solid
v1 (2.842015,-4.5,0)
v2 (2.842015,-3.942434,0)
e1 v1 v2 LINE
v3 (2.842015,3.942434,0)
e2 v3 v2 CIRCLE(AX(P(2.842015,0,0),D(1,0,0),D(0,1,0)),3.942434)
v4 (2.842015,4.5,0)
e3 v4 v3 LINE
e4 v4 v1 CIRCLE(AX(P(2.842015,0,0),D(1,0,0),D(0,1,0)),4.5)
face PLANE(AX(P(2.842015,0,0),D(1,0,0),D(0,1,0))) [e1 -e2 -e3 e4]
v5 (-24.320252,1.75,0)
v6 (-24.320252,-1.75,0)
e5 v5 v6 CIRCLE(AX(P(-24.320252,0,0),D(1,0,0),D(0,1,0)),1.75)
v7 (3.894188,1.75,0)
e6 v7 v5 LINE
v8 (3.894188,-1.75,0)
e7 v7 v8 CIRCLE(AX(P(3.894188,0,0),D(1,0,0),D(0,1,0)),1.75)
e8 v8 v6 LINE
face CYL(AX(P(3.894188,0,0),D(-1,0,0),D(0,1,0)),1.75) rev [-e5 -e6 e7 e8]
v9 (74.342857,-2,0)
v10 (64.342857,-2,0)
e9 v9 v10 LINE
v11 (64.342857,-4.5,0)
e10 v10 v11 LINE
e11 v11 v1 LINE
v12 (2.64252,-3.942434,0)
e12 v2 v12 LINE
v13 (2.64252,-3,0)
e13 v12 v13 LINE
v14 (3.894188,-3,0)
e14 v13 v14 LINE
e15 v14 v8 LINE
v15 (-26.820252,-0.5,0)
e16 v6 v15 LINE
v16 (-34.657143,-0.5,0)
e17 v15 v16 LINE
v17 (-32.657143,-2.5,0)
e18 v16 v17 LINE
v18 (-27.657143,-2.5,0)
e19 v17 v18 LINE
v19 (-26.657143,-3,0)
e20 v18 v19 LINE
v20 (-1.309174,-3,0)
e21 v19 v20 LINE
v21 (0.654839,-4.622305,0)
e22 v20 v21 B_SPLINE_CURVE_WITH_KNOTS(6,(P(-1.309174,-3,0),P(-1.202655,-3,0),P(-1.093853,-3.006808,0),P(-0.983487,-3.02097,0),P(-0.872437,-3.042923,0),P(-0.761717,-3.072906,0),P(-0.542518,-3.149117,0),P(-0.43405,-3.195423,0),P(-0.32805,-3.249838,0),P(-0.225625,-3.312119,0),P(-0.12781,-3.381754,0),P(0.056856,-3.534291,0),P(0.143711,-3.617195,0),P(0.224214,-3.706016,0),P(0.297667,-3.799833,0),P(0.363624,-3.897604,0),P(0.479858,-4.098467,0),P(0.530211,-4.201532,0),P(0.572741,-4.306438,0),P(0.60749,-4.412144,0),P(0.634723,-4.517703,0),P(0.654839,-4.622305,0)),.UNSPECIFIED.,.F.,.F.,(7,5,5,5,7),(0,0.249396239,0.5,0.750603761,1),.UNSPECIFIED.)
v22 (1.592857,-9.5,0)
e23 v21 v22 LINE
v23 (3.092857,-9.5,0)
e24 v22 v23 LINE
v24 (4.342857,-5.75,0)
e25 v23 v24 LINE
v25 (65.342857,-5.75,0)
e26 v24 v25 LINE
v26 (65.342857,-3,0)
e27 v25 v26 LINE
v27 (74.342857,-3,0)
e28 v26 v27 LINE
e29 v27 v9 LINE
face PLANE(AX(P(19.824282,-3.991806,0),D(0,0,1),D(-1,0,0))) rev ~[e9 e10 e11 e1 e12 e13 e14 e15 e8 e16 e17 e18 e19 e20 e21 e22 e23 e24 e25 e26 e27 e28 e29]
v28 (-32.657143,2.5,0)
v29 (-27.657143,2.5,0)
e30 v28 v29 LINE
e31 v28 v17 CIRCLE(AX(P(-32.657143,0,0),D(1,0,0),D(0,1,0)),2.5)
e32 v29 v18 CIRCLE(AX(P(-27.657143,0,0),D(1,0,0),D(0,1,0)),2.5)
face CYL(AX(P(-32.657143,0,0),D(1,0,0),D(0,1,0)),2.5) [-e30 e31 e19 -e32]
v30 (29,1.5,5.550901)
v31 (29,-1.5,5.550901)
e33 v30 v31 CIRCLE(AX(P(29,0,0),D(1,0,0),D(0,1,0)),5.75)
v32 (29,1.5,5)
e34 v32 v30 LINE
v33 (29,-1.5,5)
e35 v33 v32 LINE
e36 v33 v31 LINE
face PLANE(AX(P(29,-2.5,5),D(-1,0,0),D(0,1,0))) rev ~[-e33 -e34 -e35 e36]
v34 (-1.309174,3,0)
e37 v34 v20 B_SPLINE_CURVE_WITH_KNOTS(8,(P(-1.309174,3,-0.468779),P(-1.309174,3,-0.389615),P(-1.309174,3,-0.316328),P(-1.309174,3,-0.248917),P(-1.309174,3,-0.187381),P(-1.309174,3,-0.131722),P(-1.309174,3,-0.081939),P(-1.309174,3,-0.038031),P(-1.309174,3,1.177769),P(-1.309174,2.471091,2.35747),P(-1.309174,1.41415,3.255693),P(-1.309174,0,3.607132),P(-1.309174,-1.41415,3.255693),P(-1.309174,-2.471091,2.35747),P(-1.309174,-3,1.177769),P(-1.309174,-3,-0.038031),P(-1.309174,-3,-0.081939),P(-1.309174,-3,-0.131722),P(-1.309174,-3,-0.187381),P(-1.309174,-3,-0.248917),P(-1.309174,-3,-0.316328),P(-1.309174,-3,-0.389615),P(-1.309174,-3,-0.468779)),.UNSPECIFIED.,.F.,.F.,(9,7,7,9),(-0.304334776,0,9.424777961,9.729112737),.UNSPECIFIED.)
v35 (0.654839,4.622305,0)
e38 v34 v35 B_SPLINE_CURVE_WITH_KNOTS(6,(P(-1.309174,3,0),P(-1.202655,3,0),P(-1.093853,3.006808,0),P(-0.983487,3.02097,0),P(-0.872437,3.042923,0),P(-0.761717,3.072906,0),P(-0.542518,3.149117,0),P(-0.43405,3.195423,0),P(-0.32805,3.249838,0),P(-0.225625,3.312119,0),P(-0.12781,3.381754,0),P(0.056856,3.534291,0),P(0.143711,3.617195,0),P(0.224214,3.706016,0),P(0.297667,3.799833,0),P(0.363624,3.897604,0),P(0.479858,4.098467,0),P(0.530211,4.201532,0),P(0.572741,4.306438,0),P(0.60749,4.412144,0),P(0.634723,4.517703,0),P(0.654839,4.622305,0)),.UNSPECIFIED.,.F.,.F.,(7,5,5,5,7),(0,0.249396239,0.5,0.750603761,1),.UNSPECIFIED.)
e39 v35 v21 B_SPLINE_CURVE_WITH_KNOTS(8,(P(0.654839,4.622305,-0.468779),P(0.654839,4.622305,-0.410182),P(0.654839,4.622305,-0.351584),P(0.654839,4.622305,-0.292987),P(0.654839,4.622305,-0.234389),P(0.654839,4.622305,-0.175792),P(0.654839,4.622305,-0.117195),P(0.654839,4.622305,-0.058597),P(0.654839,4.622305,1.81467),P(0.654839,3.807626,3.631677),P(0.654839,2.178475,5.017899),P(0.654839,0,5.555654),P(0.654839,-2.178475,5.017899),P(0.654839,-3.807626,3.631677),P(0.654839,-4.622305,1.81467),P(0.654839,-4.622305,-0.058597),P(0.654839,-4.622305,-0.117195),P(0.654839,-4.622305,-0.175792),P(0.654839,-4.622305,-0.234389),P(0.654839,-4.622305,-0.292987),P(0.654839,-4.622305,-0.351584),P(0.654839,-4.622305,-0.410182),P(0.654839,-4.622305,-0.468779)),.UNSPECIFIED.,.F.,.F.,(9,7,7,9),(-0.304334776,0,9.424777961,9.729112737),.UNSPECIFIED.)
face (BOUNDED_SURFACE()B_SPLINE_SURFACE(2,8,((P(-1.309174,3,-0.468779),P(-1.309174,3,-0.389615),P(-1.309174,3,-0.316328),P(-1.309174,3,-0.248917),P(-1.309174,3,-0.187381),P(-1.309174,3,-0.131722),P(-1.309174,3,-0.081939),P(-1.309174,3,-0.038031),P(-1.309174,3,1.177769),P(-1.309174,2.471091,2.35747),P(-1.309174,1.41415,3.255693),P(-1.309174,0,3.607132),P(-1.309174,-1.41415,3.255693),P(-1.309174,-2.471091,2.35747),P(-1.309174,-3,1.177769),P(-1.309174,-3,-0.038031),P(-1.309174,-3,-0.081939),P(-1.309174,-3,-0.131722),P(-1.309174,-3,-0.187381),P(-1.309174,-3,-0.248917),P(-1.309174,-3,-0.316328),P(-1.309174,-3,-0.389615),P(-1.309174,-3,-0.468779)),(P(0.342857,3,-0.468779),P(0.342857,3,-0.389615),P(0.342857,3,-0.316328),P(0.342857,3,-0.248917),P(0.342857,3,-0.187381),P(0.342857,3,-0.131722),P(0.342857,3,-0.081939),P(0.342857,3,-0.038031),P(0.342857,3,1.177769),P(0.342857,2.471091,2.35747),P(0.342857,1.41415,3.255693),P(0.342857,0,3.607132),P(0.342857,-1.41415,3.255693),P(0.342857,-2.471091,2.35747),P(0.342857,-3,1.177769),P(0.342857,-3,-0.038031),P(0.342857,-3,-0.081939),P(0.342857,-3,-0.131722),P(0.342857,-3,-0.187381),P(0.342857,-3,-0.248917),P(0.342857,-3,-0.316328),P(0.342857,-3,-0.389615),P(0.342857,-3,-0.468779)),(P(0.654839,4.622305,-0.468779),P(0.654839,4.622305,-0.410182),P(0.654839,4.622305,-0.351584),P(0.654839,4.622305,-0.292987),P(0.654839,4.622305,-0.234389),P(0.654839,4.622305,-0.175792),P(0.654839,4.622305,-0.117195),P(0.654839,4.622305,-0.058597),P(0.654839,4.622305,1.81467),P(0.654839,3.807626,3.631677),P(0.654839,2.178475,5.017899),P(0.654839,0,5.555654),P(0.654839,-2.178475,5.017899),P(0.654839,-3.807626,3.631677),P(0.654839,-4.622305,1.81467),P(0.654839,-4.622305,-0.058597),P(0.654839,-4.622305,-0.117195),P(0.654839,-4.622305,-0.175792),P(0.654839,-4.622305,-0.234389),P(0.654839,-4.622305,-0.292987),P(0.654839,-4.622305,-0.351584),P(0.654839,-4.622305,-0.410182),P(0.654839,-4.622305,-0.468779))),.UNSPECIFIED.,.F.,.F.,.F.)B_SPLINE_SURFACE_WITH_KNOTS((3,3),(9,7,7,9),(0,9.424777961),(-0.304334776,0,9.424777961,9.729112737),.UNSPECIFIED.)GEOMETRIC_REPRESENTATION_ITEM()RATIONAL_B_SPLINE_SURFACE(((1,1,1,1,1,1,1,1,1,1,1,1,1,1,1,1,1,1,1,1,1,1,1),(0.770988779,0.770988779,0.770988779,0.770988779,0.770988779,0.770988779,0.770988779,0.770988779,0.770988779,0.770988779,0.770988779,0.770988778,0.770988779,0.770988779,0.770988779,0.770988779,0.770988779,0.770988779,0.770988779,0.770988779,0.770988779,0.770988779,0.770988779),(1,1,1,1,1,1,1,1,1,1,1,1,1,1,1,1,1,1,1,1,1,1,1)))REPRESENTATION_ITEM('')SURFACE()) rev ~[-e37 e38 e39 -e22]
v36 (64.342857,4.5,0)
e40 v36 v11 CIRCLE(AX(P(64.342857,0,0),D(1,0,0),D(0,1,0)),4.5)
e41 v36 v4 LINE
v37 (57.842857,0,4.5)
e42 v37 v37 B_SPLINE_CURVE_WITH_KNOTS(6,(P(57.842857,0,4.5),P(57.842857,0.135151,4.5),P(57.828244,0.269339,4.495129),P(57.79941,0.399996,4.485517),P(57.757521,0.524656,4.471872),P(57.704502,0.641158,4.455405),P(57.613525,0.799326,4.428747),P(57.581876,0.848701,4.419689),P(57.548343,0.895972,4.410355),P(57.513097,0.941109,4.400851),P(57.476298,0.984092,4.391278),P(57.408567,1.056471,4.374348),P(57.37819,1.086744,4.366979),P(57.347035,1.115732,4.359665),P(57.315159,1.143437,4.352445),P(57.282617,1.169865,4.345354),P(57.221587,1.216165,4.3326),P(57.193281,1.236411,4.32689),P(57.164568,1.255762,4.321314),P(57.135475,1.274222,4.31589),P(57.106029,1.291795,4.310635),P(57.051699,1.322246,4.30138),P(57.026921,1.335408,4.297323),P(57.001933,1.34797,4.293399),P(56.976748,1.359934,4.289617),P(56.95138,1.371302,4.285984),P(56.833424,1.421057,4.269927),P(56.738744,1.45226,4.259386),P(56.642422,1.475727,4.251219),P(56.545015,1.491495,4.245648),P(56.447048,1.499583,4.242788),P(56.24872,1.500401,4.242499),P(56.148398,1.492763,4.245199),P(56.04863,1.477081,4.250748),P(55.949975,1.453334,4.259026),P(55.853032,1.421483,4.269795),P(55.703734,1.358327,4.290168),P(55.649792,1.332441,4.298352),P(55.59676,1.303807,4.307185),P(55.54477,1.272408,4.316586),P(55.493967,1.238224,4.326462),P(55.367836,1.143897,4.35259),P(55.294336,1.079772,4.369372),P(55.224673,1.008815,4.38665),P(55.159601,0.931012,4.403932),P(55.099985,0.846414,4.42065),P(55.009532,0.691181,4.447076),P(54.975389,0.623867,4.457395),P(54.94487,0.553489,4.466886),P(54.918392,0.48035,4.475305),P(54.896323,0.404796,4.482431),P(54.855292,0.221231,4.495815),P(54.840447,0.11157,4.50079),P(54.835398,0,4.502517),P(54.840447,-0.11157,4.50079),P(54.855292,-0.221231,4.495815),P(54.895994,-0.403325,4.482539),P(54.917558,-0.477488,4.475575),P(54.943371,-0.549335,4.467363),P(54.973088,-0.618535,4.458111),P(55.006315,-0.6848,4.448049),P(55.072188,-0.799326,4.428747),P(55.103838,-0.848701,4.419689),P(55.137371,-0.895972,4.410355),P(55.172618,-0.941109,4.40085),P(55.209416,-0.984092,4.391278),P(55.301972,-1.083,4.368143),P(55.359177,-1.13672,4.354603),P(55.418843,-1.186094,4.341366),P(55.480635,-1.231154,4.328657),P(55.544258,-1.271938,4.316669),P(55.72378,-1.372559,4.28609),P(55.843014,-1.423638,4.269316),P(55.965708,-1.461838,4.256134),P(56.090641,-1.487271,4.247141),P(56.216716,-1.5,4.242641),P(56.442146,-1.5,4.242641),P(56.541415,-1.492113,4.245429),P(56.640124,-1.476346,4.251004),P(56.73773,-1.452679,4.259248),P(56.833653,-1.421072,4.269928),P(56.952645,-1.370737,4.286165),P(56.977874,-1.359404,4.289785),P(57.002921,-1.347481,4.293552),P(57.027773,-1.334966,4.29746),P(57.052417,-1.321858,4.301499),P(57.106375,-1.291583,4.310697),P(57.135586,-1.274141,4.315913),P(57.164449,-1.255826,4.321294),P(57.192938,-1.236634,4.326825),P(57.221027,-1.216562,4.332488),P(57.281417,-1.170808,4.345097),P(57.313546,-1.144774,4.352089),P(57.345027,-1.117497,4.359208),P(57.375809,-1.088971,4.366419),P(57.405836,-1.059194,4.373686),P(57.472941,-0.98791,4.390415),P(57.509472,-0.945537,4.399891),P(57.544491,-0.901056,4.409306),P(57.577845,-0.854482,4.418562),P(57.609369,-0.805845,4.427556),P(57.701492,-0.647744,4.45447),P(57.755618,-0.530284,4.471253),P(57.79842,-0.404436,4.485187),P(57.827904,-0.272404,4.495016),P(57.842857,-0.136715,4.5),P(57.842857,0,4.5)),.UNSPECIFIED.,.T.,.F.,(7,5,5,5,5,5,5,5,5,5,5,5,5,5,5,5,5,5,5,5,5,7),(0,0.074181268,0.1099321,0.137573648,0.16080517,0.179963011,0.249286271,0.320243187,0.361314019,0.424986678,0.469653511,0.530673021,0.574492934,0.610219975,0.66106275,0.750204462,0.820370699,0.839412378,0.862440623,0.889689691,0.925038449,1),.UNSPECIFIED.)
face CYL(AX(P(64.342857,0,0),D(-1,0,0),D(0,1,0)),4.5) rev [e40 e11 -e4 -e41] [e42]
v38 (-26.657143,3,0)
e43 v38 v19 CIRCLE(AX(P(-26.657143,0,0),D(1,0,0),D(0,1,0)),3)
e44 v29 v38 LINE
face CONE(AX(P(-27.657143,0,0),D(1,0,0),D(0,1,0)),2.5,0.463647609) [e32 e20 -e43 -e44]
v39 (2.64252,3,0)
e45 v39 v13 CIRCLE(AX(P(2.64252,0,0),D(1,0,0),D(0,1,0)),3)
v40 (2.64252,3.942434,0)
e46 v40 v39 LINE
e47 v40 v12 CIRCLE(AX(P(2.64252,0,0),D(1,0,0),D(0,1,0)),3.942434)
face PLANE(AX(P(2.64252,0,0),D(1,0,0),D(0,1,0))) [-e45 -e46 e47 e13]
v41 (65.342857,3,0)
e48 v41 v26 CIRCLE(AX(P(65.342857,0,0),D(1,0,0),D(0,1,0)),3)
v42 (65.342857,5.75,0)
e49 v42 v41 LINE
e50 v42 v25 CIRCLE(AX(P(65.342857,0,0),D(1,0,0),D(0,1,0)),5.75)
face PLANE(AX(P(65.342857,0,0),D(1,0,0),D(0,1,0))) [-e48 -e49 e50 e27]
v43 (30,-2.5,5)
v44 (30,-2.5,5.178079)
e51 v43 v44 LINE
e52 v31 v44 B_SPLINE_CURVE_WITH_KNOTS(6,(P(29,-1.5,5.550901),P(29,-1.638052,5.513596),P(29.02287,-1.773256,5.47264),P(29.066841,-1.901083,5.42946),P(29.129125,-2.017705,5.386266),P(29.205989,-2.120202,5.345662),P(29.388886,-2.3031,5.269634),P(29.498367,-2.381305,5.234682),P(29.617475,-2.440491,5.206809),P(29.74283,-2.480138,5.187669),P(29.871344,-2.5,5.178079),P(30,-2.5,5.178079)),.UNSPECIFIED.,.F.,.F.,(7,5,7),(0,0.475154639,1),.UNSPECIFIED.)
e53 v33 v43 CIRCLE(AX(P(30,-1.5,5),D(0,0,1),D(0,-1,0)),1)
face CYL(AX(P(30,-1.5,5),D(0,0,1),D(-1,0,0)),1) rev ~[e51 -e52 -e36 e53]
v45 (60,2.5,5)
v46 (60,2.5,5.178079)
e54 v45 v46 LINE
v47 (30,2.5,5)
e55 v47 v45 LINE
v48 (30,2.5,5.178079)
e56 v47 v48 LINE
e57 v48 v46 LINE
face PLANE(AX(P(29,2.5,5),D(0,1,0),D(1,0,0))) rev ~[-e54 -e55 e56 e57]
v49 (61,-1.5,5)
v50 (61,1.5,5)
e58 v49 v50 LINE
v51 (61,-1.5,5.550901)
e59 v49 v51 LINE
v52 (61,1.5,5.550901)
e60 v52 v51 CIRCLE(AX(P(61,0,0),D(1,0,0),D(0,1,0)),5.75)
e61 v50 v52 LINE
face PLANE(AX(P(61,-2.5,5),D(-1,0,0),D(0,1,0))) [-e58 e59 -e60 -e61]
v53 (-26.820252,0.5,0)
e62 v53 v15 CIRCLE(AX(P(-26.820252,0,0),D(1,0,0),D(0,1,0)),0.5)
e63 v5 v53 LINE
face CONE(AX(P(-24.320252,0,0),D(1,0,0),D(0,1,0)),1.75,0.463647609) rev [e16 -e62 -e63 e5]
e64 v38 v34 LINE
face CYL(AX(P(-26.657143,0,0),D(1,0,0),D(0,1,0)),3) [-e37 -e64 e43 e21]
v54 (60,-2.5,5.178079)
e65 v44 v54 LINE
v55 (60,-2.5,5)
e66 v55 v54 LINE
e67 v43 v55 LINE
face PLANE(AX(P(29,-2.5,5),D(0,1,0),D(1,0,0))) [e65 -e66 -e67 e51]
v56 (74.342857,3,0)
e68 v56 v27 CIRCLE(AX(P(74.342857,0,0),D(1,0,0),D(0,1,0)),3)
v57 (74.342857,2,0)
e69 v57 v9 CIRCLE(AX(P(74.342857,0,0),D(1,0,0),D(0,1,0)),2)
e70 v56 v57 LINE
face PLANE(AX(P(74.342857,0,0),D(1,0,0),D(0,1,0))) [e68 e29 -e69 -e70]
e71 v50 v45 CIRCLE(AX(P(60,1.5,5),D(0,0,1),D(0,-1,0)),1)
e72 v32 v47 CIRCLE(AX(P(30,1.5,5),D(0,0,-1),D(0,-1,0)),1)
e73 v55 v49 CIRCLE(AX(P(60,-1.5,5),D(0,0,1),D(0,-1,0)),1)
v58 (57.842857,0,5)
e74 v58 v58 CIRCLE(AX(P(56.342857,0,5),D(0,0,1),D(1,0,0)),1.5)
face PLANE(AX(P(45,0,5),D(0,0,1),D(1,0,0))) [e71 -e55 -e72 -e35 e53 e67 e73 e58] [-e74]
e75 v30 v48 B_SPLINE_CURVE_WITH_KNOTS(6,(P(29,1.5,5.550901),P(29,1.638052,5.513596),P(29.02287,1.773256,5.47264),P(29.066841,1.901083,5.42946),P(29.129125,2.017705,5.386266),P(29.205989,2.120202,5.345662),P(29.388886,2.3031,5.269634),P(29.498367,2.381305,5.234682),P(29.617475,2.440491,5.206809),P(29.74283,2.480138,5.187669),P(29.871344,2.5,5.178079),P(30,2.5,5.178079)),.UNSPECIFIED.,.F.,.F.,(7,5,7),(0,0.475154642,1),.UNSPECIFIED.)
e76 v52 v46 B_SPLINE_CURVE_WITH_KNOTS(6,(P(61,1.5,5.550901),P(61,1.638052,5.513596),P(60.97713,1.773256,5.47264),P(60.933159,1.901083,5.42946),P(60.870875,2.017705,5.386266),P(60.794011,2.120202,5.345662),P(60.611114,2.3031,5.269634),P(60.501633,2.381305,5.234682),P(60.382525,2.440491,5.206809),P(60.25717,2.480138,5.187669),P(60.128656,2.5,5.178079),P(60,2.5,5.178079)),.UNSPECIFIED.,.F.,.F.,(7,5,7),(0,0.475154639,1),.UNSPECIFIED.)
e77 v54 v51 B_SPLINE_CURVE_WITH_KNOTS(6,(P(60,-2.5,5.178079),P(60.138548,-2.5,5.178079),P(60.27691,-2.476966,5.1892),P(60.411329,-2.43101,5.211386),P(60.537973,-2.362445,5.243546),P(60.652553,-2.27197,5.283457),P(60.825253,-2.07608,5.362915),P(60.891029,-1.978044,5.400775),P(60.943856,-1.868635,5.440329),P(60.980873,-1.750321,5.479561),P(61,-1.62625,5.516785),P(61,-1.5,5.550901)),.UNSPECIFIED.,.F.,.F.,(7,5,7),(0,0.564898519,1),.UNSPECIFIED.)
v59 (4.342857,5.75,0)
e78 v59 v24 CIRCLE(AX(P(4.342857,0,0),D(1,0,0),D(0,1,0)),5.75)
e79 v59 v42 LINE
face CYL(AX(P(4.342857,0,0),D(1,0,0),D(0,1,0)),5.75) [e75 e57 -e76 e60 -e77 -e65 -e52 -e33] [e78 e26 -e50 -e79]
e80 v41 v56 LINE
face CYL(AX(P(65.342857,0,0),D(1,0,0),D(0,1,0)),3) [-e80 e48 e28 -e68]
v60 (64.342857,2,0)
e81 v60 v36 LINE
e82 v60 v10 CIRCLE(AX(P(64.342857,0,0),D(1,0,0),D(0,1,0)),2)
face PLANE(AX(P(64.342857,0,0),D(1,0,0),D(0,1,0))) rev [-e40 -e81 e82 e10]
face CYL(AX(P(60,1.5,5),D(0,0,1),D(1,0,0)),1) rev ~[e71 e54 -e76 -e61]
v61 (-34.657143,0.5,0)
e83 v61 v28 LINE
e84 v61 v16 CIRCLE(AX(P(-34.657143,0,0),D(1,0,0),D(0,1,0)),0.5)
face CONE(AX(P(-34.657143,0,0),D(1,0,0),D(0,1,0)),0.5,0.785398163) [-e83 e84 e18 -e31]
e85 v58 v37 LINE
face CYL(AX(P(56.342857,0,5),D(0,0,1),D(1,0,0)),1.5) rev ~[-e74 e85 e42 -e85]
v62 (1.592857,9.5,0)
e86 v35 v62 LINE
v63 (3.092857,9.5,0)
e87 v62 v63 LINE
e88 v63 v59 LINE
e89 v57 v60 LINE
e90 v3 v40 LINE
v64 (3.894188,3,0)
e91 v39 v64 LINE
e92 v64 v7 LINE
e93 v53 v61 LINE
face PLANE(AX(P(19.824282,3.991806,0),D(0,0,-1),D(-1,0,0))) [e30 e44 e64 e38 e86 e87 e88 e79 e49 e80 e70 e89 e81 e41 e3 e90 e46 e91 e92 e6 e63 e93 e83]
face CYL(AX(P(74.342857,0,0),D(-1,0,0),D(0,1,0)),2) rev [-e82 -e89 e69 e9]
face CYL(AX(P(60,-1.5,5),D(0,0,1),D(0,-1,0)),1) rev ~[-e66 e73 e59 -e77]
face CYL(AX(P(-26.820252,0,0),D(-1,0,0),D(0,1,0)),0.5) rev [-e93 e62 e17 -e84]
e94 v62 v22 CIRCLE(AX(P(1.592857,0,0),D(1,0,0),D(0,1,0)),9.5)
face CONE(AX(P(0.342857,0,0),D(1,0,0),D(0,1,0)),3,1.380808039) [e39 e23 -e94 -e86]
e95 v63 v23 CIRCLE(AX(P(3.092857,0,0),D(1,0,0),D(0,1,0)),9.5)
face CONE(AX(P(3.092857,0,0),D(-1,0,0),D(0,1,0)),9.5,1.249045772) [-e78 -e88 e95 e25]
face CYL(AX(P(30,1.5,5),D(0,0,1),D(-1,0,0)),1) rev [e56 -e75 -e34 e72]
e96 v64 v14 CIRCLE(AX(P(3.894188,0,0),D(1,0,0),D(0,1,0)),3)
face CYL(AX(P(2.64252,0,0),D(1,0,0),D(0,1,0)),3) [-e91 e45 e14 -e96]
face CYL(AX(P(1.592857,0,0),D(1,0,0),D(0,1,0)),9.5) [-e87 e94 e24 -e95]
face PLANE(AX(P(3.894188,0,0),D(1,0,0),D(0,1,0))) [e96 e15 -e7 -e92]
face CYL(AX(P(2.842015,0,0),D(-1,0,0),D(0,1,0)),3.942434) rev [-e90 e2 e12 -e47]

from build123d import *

# Parameters (mm, degrees)
SKETCH005_W      = 32
SKETCH005_H      = 5
PAD002_DEPTH     = 10
FILLET_R         = 1
FILLET001_R      = 1
FILLET002_R      = 1
FILLET003_R      = 1
REVOLUTION_ANGLE = 180
SKETCH006_R      = 1.5
POCKET_DEPTH     = 5
FILLET004_R      = 2


with BuildPart() as boolback:
    # Sketch005 → Pad002 (new body)
    with BuildSketch(Plane.XY):
        with Locations((45, 0)):
            Rectangle(SKETCH005_W, SKETCH005_H)
    extrude(amount=PAD002_DEPTH)

    # Fillet
    fillet_edges = [boolback.edges().sort_by_distance(p)[0] for p in [
        (29, -2.5, 5),
    ]]
    fillet(fillet_edges, radius=FILLET_R)

    # Fillet001
    fillet001_edges = [boolback.edges().sort_by_distance(p)[0] for p in [
        (29, 2.5, 5),
    ]]
    fillet(fillet001_edges, radius=FILLET001_R)

    # Fillet002
    fillet002_edges = [boolback.edges().sort_by_distance(p)[0] for p in [
        (61, -2.5, 5),
    ]]
    fillet(fillet002_edges, radius=FILLET002_R)

    # Fillet003
    fillet003_edges = [boolback.edges().sort_by_distance(p)[0] for p in [
        (61, 2.5, 5),
    ]]
    fillet(fillet003_edges, radius=FILLET003_R)


with BuildPart() as boolback_1:
    # Body006 placement: moved
    add(boolback.part.moved(Location((0, 0, 5))))


with BuildPart() as half:
    # Sketch → Revolution (revolve)
    with BuildSketch(Plane.XY):
        Polygon((-34.657143, 0.5), (-32.657143, 2.5), (-27.657143, 2.5), (-26.657143, 3), (0.342857, 3), (1.592857, 9.5), (3.092857, 9.5), (4.342857, 5.75), (65.342857, 5.75), (65.342857, 3), (74.342857, 3), (74.342857, 2), (64.342857, 2), (64.342857, 4.5), (2.842015, 4.5), (2.842015, 3.942434), (2.64252, 3.942434), (2.64252, 3), (3.894188, 3), (3.894188, 1.75), (-24.320252, 1.75), (-26.820252, 0.5), align=None)
    revolve(axis=Axis((0, 0, 0), (1, 0, 0)), revolution_arc=REVOLUTION_ANGLE)

    # Boolean002: cut BoolBACK
    add(boolback_1.part, mode=Mode.SUBTRACT)

    # Sketch006 (on Face33 of Boolean002) → Pocket (cut)
    with BuildSketch(Plane.XY.offset(5)):
        with Locations((56.342857, 0)):
            Circle(SKETCH006_R)
    extrude(amount=-POCKET_DEPTH, mode=Mode.SUBTRACT)

    # Fillet004
    fillet004_edges = [half.edges().sort_by_distance(p)[0] for p in [
        (0.342857, 0, 3),
    ]]
    fillet(fillet004_edges, radius=FILLET004_R)


solid = half.part
